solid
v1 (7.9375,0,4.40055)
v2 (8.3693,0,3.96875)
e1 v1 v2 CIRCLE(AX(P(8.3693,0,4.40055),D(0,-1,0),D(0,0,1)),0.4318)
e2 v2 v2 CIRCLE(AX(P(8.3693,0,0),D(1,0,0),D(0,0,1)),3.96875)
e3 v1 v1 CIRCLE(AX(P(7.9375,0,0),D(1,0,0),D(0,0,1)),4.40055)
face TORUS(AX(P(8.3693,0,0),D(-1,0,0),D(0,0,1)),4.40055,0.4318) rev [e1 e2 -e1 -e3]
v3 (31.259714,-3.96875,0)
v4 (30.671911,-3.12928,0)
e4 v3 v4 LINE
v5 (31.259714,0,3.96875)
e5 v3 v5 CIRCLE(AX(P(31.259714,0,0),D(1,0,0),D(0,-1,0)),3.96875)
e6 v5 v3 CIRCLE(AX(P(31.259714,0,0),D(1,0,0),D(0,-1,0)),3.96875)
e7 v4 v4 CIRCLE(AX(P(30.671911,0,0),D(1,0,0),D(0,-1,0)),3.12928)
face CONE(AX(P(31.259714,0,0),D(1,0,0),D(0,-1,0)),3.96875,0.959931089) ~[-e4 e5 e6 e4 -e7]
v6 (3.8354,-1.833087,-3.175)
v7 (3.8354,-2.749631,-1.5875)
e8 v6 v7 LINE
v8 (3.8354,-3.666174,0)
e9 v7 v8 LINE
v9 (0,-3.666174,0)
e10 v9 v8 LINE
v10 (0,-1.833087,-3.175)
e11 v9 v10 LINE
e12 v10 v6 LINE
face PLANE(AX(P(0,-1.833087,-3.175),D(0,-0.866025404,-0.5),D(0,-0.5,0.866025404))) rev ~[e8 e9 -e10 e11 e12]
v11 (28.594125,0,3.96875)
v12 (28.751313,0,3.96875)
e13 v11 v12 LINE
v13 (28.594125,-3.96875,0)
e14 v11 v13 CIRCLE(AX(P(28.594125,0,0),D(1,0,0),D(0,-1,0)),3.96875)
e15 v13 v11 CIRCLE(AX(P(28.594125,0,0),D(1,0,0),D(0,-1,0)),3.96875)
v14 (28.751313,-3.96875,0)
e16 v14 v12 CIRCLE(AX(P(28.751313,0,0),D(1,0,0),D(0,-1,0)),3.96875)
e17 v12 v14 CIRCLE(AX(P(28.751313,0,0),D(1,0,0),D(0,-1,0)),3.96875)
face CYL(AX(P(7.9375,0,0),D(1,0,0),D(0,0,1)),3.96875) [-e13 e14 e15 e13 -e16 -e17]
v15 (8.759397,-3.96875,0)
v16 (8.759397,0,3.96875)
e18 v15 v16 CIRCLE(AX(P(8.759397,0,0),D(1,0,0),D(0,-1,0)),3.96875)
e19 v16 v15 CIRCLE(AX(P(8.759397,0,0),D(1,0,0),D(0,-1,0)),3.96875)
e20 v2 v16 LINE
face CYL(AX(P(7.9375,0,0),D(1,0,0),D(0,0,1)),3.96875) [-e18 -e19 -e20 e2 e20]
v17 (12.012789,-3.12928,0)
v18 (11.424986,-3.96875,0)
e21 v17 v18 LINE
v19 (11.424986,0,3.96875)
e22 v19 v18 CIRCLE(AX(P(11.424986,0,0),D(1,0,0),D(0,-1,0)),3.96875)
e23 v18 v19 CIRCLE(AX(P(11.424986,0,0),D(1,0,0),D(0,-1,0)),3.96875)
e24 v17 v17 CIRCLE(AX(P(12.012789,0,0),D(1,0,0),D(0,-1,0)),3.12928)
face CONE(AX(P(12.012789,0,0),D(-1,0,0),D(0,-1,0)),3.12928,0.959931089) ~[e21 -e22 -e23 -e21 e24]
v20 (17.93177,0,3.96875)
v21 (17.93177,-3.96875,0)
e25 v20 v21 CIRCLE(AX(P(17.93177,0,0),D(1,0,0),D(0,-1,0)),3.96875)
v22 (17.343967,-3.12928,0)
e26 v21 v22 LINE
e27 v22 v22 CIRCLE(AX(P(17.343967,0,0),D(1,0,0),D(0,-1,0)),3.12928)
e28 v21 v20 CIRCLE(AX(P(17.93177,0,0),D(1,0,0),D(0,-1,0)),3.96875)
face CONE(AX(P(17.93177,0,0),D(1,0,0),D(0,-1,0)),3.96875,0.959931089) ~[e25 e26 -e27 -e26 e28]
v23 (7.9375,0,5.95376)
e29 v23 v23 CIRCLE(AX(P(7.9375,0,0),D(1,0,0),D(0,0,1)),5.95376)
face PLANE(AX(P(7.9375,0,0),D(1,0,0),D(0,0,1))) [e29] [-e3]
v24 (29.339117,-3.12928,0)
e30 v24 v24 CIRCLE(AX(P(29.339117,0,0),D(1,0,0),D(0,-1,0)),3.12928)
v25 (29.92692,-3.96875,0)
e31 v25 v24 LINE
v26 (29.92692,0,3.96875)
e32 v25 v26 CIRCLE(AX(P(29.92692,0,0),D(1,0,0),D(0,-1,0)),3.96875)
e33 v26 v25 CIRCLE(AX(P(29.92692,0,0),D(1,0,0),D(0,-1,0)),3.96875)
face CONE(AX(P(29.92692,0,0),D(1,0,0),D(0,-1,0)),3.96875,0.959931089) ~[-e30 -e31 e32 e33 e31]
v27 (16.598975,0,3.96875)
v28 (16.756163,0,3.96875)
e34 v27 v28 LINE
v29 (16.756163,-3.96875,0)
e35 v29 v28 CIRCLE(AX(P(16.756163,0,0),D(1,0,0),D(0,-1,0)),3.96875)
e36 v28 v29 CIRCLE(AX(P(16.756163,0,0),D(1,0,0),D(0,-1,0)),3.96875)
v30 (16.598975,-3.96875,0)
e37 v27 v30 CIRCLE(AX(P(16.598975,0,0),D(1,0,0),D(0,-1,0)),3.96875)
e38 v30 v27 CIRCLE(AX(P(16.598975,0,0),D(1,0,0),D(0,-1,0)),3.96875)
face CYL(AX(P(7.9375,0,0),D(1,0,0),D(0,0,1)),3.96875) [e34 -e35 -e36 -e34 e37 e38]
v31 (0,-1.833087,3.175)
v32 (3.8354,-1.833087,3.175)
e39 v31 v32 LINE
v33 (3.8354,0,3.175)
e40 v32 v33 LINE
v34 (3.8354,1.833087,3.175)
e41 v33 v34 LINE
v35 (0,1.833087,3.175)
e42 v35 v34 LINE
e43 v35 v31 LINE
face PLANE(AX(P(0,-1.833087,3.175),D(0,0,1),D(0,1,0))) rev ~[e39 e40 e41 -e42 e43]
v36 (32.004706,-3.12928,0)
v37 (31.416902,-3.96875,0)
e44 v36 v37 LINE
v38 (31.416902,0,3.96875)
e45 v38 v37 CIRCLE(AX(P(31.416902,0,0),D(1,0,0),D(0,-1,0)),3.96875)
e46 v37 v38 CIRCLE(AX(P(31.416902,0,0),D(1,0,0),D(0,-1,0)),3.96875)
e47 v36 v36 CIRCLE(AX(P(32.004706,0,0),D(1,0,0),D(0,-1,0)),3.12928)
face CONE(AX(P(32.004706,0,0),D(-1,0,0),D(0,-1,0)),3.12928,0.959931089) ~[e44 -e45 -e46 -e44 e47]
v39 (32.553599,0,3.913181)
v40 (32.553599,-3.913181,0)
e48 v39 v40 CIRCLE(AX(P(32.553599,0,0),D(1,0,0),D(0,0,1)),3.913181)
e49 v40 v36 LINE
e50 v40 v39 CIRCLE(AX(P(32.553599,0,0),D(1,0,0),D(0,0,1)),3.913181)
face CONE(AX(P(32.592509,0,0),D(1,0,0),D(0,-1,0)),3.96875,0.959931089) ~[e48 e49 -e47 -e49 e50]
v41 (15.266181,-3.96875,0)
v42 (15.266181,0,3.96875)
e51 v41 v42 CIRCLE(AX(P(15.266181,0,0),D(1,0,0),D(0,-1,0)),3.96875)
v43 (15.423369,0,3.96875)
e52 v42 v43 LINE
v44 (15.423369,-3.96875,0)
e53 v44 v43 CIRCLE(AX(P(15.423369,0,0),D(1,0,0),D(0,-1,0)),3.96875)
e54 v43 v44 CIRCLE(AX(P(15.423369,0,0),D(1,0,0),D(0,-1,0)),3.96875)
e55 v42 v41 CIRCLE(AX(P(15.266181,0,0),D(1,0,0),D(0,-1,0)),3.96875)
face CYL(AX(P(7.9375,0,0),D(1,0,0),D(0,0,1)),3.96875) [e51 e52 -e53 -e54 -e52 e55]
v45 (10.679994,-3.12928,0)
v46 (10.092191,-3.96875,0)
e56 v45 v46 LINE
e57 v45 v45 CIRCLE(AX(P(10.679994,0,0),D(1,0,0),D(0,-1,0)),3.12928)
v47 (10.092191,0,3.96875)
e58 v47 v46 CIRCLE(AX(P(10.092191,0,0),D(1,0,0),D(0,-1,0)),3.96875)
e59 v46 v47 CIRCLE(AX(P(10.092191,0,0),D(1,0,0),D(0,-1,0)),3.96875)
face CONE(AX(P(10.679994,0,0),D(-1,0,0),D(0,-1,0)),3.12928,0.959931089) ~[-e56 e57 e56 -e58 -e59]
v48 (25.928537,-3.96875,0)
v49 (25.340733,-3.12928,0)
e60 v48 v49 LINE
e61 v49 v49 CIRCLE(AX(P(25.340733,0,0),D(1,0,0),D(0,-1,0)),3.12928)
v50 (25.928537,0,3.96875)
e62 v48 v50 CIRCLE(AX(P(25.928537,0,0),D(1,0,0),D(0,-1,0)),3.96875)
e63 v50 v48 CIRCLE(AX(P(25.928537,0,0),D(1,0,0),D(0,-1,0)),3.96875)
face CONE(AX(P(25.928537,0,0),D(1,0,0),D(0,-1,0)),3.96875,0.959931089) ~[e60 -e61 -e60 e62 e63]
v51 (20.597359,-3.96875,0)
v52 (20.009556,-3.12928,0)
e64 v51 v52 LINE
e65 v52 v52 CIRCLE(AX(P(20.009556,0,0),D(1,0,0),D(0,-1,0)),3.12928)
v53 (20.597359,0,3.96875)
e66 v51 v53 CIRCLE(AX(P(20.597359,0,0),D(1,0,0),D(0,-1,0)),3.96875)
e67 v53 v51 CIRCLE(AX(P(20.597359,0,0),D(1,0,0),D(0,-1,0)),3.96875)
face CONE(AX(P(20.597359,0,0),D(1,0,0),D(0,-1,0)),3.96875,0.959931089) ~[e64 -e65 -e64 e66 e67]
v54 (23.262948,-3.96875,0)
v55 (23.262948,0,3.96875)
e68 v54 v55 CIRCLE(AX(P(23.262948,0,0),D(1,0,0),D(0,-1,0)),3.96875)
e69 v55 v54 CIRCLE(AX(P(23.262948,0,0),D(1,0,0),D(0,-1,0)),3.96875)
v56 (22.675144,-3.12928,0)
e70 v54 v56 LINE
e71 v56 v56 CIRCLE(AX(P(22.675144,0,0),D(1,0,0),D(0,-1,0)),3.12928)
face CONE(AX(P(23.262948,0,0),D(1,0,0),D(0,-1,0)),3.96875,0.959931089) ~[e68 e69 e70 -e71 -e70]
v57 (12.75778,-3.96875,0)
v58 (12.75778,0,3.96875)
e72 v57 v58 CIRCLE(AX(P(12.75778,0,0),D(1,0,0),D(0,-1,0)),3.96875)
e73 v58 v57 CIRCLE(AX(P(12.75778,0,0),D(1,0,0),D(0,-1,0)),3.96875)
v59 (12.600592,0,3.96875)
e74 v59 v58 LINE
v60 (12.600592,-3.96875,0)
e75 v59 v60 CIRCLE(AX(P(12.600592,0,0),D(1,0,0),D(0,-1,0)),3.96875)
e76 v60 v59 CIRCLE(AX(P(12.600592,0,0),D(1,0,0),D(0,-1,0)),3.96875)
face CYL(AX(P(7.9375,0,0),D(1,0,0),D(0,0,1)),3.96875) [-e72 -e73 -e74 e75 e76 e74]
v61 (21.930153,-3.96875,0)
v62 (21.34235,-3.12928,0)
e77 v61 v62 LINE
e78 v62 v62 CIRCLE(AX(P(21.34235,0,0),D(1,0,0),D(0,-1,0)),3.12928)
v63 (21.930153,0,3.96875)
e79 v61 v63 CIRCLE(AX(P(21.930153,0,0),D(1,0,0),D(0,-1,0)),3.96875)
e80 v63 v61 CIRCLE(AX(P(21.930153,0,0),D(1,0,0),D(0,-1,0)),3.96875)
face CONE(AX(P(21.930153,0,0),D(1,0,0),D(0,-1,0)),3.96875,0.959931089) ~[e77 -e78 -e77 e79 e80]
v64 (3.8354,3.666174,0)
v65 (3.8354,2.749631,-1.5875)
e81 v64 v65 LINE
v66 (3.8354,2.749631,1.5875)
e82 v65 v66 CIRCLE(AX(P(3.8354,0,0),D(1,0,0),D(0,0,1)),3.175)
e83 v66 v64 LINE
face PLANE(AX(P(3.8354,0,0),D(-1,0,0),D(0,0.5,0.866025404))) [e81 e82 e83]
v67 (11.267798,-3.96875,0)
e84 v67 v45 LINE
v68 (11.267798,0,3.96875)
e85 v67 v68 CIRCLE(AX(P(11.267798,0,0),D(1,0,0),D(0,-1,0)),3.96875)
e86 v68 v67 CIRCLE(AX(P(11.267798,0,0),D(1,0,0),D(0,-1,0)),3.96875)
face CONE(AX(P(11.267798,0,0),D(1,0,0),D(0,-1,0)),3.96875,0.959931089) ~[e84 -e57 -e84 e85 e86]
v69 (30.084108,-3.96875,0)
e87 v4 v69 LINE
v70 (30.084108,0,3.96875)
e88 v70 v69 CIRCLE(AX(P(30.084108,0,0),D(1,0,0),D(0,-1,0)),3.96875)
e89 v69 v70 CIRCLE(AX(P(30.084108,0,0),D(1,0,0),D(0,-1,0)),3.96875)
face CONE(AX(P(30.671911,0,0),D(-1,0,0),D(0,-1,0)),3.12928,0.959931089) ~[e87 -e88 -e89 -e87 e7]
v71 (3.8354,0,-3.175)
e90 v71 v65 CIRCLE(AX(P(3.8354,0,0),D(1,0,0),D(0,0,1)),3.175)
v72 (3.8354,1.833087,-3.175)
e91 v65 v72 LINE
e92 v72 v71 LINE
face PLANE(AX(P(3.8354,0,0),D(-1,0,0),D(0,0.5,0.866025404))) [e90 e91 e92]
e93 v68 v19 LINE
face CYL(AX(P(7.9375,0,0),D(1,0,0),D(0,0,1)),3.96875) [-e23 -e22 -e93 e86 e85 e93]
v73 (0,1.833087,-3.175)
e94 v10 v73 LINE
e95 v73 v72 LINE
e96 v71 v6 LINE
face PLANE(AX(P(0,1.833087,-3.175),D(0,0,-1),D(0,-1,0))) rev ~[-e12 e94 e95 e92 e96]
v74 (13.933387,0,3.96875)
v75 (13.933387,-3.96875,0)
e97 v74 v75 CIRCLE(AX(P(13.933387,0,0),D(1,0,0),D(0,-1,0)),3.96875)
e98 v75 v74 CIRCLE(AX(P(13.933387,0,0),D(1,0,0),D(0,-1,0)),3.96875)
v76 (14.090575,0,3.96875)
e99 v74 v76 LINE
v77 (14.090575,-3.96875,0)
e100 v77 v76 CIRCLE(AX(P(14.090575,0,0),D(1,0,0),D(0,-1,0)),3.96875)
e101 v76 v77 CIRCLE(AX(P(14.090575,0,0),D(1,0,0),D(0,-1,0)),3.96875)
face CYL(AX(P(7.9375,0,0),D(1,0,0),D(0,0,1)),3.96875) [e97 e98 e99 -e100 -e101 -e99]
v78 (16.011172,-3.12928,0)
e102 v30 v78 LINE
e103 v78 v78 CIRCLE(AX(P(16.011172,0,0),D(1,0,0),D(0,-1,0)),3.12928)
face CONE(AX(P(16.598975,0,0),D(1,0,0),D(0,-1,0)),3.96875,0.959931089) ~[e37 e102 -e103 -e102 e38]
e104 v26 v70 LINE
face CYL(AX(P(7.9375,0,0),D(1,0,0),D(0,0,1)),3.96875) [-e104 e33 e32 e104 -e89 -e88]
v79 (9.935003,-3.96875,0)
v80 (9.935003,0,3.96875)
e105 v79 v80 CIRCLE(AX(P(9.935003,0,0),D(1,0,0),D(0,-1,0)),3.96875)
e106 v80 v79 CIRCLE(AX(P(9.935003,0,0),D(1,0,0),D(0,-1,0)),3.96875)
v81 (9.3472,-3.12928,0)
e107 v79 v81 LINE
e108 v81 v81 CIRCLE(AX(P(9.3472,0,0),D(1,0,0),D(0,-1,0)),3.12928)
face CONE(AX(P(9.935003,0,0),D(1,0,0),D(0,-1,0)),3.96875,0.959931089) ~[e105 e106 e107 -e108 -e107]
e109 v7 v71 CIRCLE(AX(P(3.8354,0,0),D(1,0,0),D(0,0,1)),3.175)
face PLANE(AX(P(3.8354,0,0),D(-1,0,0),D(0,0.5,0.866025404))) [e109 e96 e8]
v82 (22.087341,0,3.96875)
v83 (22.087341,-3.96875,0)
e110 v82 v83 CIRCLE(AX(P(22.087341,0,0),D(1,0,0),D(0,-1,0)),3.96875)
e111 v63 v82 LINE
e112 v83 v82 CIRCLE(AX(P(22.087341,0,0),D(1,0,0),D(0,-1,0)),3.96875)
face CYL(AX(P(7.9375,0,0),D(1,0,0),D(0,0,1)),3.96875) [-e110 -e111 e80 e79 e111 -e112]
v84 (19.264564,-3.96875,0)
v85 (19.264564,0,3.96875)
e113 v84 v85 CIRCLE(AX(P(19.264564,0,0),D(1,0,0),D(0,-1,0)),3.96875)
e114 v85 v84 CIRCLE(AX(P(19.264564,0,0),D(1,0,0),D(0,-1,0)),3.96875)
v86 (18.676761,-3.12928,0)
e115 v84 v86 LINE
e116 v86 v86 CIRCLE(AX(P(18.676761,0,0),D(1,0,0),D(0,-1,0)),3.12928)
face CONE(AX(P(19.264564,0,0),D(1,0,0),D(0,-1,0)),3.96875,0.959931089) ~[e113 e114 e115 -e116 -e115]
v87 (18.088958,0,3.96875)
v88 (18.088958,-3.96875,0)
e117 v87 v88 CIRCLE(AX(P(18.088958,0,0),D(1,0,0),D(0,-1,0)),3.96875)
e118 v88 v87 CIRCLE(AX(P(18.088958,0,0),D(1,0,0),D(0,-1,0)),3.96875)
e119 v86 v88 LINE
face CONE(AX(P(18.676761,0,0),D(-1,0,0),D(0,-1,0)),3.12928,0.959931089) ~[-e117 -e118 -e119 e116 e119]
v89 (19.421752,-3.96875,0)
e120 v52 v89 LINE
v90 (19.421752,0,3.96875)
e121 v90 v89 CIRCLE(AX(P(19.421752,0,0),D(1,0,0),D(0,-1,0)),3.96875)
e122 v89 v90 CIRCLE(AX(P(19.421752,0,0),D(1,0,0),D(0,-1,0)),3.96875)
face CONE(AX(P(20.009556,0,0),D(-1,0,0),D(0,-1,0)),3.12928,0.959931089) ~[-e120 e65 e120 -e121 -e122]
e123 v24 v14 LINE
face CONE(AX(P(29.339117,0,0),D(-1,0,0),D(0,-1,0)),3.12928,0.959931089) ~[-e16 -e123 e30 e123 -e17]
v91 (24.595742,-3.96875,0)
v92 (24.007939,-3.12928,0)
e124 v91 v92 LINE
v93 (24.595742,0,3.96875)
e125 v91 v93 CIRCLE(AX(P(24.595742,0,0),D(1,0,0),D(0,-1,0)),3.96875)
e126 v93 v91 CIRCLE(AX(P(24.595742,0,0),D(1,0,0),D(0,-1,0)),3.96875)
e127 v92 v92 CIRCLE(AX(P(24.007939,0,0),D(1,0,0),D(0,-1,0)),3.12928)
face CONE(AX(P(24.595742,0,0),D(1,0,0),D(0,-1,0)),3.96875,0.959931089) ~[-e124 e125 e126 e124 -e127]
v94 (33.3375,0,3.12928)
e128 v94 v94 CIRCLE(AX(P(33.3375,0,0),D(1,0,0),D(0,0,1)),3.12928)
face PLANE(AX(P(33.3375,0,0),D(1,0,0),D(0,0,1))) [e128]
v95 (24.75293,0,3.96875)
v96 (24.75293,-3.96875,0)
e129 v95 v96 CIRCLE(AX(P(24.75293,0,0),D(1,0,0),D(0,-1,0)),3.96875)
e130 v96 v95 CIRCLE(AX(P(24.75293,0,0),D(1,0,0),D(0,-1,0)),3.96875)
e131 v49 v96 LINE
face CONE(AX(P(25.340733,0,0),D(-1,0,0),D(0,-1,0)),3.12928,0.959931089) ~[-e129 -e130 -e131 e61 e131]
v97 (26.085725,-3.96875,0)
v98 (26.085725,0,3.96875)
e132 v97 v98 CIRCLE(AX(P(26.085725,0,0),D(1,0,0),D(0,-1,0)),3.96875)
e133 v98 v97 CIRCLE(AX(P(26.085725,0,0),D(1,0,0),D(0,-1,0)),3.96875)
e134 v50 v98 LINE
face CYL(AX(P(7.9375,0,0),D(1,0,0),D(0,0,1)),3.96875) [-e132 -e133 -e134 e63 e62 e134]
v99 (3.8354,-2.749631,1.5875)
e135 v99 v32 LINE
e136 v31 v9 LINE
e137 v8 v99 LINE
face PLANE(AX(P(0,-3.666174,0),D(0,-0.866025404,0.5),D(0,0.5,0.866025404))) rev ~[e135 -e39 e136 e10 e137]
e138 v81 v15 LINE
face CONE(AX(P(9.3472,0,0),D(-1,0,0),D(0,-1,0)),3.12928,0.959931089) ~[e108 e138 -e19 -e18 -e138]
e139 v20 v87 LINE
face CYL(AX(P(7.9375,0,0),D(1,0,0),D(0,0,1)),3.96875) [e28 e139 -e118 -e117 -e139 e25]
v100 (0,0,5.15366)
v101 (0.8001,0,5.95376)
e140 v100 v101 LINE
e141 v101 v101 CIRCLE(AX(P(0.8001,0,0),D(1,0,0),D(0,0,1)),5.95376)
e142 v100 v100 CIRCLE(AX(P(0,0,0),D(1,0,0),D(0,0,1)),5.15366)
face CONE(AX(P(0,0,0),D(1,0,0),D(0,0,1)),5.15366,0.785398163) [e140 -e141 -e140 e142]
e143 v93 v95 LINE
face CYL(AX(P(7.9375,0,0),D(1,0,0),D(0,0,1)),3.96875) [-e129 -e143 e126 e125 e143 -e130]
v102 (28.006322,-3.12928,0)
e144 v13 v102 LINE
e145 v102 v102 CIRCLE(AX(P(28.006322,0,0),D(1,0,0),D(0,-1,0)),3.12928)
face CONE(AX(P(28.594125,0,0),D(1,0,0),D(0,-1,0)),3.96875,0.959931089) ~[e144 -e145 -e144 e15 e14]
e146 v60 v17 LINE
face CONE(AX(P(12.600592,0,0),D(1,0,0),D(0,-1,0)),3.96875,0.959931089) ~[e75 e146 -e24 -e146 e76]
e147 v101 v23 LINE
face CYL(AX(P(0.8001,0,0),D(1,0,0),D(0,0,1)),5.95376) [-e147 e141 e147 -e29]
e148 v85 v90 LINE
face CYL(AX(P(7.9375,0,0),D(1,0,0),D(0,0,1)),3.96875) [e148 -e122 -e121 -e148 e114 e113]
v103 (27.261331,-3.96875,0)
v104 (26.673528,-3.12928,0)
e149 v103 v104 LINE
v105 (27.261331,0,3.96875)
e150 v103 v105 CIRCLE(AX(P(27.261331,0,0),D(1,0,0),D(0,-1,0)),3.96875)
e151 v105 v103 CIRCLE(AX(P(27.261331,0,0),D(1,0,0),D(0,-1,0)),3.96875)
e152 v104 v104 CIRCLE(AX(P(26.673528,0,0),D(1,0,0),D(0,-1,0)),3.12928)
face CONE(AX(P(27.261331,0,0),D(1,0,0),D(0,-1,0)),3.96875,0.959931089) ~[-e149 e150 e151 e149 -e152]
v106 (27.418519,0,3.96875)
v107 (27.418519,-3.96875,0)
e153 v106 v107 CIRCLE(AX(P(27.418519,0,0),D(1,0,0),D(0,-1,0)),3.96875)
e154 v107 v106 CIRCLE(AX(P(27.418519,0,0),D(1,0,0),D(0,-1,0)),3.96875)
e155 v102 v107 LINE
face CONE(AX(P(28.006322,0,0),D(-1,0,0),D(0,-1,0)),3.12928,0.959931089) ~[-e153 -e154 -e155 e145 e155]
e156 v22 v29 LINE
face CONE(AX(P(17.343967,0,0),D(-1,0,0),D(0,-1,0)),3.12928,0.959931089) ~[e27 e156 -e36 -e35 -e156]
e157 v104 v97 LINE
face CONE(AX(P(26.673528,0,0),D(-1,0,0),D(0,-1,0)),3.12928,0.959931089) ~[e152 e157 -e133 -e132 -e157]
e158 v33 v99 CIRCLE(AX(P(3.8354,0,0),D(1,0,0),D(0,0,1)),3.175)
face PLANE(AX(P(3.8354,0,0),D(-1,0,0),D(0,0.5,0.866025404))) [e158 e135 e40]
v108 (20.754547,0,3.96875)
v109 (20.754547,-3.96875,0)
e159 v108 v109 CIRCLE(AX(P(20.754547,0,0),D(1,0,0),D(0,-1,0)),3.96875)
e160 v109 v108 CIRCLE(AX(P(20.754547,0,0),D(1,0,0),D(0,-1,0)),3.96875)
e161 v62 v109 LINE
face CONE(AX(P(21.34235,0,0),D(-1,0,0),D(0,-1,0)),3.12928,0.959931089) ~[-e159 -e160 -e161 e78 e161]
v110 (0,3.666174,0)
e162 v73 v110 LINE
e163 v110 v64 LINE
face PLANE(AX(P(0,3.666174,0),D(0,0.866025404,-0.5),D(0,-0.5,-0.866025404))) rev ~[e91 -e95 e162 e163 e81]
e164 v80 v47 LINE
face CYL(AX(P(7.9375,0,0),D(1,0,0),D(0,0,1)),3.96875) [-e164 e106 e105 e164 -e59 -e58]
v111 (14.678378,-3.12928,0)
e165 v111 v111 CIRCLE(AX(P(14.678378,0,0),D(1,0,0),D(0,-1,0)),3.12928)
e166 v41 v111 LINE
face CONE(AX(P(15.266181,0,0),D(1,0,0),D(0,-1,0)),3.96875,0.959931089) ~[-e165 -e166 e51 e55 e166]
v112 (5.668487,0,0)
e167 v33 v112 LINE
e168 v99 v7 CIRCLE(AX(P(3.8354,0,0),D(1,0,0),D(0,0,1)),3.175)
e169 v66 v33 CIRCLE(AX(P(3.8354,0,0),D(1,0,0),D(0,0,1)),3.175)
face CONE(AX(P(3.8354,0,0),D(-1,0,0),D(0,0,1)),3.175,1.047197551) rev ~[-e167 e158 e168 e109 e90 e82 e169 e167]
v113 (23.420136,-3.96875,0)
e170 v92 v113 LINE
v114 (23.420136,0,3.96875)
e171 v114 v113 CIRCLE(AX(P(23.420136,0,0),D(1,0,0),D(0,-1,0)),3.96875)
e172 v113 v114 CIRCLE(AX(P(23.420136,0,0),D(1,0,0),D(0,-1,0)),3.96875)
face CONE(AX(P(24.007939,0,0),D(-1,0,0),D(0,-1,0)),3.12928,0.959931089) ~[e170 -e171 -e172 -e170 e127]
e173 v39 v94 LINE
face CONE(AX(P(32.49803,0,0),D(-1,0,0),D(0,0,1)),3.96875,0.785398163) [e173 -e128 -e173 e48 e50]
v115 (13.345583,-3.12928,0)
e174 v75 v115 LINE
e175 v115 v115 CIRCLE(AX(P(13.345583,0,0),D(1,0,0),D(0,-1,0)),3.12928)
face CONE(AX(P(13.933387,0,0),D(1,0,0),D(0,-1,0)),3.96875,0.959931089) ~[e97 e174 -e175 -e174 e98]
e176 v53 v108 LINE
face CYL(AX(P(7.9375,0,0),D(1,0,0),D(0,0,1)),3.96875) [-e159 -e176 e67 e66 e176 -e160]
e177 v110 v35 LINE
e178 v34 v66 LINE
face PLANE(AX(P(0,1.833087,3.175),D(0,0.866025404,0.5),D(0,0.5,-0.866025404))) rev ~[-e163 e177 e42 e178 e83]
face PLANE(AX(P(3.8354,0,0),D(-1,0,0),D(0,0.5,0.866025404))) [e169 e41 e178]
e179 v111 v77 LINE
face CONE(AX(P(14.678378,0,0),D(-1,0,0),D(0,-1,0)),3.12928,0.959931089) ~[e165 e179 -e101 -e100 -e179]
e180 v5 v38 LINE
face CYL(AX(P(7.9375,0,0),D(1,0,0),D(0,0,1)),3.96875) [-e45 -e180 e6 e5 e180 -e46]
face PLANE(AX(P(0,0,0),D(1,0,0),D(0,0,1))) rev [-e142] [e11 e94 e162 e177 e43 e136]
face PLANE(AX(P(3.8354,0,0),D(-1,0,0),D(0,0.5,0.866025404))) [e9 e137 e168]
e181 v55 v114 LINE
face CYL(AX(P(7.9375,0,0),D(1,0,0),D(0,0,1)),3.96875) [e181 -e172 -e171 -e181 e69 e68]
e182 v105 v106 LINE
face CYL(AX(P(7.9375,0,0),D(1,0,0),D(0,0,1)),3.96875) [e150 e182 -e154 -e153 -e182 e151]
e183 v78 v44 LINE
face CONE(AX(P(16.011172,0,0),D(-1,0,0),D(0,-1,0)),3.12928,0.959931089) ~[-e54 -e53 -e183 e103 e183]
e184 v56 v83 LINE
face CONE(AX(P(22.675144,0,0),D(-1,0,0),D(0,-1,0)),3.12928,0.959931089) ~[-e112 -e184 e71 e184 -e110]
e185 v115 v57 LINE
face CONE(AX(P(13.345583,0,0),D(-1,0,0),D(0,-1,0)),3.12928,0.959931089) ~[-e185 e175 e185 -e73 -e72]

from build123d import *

# Parameters (mm, degrees)
FILLET1_R       = 0.4318
HEX_2_DEPTH     = 3.8354
THDSCHPAT_COUNT = 18
THDSCHPAT_PITCH = 1.332794444


with BuildPart() as part:
    # BodySke → Base-Revolve (revolve)
    with BuildSketch(Plane.XY, mode=Mode.PRIVATE) as base_revolve_sk:
        Polygon((0, 0), (0, 5.15366), (0.8001, 5.95376), (7.9375, 5.95376), (7.9375, 3.96875), (32.49803, 3.96875), (33.3375, 3.12928), (33.3375, 0), align=None)
    revolve(base_revolve_sk.sketch.rotate(Axis((-31.75, 0, 0), (1, 0, 0)), 90), axis=Axis((-31.75, 0, 0), (1, 0, 0)))

    # Fillet1
    fillet1_edges = [part.edges().sort_by_distance(p)[0] for p in [
        (7.9375, 0, -3.96875),
    ]]
    fillet(fillet1_edges, radius=FILLET1_R)

    # Sketch2 → Hex-PreBroach (revolve, cut)
    with BuildSketch(Plane.XY, mode=Mode.PRIVATE) as hex_prebroach_sk:
        Polygon((0, 3.175), (3.8354, 3.175), (5.668487105, 0), (0, 0), align=None)
    revolve(hex_prebroach_sk.sketch.rotate(Axis((0, 0, 0), (1, 0, 0)), 90), axis=Axis((0, 0, 0), (1, 0, 0)), mode=Mode.SUBTRACT)

    # Sketch3 → Hex 2 (cut)
    with BuildSketch(Plane(origin=(0, 0, 0), x_dir=(0, 0.500000000000001, 0.866025403784438), z_dir=(-1, 0, 0))):
        Polygon((1.833087105, 3.175), (-1.833087105, 3.175), (-3.666174209, 0), (-1.833087105, -3.175), (1.833087105, -3.175), (3.666174209, 0), align=None)
    extrude(amount=-HEX_2_DEPTH, mode=Mode.SUBTRACT)

    # ThdSchSke → ThreadSchematic (revolve, cut)
    with BuildSketch(Plane.XY):
        Polygon((9.3472, -3.12928), (8.759396778, -3.96875), (8.759396778, -4.9609375), (9.935003222, -4.9609375), (9.935003222, -3.96875), align=None)
    threadschematic = revolve(axis=Axis((-3.175, 0, 0), (1, 0, 0)), mode=Mode.SUBTRACT)

    # ThdSchPat: ThreadSchematic ×18
    with Locations(*[(i * THDSCHPAT_PITCH, 0, 0) for i in range(1, THDSCHPAT_COUNT)]):
        add(threadschematic, mode=Mode.SUBTRACT)


solid = part.part
